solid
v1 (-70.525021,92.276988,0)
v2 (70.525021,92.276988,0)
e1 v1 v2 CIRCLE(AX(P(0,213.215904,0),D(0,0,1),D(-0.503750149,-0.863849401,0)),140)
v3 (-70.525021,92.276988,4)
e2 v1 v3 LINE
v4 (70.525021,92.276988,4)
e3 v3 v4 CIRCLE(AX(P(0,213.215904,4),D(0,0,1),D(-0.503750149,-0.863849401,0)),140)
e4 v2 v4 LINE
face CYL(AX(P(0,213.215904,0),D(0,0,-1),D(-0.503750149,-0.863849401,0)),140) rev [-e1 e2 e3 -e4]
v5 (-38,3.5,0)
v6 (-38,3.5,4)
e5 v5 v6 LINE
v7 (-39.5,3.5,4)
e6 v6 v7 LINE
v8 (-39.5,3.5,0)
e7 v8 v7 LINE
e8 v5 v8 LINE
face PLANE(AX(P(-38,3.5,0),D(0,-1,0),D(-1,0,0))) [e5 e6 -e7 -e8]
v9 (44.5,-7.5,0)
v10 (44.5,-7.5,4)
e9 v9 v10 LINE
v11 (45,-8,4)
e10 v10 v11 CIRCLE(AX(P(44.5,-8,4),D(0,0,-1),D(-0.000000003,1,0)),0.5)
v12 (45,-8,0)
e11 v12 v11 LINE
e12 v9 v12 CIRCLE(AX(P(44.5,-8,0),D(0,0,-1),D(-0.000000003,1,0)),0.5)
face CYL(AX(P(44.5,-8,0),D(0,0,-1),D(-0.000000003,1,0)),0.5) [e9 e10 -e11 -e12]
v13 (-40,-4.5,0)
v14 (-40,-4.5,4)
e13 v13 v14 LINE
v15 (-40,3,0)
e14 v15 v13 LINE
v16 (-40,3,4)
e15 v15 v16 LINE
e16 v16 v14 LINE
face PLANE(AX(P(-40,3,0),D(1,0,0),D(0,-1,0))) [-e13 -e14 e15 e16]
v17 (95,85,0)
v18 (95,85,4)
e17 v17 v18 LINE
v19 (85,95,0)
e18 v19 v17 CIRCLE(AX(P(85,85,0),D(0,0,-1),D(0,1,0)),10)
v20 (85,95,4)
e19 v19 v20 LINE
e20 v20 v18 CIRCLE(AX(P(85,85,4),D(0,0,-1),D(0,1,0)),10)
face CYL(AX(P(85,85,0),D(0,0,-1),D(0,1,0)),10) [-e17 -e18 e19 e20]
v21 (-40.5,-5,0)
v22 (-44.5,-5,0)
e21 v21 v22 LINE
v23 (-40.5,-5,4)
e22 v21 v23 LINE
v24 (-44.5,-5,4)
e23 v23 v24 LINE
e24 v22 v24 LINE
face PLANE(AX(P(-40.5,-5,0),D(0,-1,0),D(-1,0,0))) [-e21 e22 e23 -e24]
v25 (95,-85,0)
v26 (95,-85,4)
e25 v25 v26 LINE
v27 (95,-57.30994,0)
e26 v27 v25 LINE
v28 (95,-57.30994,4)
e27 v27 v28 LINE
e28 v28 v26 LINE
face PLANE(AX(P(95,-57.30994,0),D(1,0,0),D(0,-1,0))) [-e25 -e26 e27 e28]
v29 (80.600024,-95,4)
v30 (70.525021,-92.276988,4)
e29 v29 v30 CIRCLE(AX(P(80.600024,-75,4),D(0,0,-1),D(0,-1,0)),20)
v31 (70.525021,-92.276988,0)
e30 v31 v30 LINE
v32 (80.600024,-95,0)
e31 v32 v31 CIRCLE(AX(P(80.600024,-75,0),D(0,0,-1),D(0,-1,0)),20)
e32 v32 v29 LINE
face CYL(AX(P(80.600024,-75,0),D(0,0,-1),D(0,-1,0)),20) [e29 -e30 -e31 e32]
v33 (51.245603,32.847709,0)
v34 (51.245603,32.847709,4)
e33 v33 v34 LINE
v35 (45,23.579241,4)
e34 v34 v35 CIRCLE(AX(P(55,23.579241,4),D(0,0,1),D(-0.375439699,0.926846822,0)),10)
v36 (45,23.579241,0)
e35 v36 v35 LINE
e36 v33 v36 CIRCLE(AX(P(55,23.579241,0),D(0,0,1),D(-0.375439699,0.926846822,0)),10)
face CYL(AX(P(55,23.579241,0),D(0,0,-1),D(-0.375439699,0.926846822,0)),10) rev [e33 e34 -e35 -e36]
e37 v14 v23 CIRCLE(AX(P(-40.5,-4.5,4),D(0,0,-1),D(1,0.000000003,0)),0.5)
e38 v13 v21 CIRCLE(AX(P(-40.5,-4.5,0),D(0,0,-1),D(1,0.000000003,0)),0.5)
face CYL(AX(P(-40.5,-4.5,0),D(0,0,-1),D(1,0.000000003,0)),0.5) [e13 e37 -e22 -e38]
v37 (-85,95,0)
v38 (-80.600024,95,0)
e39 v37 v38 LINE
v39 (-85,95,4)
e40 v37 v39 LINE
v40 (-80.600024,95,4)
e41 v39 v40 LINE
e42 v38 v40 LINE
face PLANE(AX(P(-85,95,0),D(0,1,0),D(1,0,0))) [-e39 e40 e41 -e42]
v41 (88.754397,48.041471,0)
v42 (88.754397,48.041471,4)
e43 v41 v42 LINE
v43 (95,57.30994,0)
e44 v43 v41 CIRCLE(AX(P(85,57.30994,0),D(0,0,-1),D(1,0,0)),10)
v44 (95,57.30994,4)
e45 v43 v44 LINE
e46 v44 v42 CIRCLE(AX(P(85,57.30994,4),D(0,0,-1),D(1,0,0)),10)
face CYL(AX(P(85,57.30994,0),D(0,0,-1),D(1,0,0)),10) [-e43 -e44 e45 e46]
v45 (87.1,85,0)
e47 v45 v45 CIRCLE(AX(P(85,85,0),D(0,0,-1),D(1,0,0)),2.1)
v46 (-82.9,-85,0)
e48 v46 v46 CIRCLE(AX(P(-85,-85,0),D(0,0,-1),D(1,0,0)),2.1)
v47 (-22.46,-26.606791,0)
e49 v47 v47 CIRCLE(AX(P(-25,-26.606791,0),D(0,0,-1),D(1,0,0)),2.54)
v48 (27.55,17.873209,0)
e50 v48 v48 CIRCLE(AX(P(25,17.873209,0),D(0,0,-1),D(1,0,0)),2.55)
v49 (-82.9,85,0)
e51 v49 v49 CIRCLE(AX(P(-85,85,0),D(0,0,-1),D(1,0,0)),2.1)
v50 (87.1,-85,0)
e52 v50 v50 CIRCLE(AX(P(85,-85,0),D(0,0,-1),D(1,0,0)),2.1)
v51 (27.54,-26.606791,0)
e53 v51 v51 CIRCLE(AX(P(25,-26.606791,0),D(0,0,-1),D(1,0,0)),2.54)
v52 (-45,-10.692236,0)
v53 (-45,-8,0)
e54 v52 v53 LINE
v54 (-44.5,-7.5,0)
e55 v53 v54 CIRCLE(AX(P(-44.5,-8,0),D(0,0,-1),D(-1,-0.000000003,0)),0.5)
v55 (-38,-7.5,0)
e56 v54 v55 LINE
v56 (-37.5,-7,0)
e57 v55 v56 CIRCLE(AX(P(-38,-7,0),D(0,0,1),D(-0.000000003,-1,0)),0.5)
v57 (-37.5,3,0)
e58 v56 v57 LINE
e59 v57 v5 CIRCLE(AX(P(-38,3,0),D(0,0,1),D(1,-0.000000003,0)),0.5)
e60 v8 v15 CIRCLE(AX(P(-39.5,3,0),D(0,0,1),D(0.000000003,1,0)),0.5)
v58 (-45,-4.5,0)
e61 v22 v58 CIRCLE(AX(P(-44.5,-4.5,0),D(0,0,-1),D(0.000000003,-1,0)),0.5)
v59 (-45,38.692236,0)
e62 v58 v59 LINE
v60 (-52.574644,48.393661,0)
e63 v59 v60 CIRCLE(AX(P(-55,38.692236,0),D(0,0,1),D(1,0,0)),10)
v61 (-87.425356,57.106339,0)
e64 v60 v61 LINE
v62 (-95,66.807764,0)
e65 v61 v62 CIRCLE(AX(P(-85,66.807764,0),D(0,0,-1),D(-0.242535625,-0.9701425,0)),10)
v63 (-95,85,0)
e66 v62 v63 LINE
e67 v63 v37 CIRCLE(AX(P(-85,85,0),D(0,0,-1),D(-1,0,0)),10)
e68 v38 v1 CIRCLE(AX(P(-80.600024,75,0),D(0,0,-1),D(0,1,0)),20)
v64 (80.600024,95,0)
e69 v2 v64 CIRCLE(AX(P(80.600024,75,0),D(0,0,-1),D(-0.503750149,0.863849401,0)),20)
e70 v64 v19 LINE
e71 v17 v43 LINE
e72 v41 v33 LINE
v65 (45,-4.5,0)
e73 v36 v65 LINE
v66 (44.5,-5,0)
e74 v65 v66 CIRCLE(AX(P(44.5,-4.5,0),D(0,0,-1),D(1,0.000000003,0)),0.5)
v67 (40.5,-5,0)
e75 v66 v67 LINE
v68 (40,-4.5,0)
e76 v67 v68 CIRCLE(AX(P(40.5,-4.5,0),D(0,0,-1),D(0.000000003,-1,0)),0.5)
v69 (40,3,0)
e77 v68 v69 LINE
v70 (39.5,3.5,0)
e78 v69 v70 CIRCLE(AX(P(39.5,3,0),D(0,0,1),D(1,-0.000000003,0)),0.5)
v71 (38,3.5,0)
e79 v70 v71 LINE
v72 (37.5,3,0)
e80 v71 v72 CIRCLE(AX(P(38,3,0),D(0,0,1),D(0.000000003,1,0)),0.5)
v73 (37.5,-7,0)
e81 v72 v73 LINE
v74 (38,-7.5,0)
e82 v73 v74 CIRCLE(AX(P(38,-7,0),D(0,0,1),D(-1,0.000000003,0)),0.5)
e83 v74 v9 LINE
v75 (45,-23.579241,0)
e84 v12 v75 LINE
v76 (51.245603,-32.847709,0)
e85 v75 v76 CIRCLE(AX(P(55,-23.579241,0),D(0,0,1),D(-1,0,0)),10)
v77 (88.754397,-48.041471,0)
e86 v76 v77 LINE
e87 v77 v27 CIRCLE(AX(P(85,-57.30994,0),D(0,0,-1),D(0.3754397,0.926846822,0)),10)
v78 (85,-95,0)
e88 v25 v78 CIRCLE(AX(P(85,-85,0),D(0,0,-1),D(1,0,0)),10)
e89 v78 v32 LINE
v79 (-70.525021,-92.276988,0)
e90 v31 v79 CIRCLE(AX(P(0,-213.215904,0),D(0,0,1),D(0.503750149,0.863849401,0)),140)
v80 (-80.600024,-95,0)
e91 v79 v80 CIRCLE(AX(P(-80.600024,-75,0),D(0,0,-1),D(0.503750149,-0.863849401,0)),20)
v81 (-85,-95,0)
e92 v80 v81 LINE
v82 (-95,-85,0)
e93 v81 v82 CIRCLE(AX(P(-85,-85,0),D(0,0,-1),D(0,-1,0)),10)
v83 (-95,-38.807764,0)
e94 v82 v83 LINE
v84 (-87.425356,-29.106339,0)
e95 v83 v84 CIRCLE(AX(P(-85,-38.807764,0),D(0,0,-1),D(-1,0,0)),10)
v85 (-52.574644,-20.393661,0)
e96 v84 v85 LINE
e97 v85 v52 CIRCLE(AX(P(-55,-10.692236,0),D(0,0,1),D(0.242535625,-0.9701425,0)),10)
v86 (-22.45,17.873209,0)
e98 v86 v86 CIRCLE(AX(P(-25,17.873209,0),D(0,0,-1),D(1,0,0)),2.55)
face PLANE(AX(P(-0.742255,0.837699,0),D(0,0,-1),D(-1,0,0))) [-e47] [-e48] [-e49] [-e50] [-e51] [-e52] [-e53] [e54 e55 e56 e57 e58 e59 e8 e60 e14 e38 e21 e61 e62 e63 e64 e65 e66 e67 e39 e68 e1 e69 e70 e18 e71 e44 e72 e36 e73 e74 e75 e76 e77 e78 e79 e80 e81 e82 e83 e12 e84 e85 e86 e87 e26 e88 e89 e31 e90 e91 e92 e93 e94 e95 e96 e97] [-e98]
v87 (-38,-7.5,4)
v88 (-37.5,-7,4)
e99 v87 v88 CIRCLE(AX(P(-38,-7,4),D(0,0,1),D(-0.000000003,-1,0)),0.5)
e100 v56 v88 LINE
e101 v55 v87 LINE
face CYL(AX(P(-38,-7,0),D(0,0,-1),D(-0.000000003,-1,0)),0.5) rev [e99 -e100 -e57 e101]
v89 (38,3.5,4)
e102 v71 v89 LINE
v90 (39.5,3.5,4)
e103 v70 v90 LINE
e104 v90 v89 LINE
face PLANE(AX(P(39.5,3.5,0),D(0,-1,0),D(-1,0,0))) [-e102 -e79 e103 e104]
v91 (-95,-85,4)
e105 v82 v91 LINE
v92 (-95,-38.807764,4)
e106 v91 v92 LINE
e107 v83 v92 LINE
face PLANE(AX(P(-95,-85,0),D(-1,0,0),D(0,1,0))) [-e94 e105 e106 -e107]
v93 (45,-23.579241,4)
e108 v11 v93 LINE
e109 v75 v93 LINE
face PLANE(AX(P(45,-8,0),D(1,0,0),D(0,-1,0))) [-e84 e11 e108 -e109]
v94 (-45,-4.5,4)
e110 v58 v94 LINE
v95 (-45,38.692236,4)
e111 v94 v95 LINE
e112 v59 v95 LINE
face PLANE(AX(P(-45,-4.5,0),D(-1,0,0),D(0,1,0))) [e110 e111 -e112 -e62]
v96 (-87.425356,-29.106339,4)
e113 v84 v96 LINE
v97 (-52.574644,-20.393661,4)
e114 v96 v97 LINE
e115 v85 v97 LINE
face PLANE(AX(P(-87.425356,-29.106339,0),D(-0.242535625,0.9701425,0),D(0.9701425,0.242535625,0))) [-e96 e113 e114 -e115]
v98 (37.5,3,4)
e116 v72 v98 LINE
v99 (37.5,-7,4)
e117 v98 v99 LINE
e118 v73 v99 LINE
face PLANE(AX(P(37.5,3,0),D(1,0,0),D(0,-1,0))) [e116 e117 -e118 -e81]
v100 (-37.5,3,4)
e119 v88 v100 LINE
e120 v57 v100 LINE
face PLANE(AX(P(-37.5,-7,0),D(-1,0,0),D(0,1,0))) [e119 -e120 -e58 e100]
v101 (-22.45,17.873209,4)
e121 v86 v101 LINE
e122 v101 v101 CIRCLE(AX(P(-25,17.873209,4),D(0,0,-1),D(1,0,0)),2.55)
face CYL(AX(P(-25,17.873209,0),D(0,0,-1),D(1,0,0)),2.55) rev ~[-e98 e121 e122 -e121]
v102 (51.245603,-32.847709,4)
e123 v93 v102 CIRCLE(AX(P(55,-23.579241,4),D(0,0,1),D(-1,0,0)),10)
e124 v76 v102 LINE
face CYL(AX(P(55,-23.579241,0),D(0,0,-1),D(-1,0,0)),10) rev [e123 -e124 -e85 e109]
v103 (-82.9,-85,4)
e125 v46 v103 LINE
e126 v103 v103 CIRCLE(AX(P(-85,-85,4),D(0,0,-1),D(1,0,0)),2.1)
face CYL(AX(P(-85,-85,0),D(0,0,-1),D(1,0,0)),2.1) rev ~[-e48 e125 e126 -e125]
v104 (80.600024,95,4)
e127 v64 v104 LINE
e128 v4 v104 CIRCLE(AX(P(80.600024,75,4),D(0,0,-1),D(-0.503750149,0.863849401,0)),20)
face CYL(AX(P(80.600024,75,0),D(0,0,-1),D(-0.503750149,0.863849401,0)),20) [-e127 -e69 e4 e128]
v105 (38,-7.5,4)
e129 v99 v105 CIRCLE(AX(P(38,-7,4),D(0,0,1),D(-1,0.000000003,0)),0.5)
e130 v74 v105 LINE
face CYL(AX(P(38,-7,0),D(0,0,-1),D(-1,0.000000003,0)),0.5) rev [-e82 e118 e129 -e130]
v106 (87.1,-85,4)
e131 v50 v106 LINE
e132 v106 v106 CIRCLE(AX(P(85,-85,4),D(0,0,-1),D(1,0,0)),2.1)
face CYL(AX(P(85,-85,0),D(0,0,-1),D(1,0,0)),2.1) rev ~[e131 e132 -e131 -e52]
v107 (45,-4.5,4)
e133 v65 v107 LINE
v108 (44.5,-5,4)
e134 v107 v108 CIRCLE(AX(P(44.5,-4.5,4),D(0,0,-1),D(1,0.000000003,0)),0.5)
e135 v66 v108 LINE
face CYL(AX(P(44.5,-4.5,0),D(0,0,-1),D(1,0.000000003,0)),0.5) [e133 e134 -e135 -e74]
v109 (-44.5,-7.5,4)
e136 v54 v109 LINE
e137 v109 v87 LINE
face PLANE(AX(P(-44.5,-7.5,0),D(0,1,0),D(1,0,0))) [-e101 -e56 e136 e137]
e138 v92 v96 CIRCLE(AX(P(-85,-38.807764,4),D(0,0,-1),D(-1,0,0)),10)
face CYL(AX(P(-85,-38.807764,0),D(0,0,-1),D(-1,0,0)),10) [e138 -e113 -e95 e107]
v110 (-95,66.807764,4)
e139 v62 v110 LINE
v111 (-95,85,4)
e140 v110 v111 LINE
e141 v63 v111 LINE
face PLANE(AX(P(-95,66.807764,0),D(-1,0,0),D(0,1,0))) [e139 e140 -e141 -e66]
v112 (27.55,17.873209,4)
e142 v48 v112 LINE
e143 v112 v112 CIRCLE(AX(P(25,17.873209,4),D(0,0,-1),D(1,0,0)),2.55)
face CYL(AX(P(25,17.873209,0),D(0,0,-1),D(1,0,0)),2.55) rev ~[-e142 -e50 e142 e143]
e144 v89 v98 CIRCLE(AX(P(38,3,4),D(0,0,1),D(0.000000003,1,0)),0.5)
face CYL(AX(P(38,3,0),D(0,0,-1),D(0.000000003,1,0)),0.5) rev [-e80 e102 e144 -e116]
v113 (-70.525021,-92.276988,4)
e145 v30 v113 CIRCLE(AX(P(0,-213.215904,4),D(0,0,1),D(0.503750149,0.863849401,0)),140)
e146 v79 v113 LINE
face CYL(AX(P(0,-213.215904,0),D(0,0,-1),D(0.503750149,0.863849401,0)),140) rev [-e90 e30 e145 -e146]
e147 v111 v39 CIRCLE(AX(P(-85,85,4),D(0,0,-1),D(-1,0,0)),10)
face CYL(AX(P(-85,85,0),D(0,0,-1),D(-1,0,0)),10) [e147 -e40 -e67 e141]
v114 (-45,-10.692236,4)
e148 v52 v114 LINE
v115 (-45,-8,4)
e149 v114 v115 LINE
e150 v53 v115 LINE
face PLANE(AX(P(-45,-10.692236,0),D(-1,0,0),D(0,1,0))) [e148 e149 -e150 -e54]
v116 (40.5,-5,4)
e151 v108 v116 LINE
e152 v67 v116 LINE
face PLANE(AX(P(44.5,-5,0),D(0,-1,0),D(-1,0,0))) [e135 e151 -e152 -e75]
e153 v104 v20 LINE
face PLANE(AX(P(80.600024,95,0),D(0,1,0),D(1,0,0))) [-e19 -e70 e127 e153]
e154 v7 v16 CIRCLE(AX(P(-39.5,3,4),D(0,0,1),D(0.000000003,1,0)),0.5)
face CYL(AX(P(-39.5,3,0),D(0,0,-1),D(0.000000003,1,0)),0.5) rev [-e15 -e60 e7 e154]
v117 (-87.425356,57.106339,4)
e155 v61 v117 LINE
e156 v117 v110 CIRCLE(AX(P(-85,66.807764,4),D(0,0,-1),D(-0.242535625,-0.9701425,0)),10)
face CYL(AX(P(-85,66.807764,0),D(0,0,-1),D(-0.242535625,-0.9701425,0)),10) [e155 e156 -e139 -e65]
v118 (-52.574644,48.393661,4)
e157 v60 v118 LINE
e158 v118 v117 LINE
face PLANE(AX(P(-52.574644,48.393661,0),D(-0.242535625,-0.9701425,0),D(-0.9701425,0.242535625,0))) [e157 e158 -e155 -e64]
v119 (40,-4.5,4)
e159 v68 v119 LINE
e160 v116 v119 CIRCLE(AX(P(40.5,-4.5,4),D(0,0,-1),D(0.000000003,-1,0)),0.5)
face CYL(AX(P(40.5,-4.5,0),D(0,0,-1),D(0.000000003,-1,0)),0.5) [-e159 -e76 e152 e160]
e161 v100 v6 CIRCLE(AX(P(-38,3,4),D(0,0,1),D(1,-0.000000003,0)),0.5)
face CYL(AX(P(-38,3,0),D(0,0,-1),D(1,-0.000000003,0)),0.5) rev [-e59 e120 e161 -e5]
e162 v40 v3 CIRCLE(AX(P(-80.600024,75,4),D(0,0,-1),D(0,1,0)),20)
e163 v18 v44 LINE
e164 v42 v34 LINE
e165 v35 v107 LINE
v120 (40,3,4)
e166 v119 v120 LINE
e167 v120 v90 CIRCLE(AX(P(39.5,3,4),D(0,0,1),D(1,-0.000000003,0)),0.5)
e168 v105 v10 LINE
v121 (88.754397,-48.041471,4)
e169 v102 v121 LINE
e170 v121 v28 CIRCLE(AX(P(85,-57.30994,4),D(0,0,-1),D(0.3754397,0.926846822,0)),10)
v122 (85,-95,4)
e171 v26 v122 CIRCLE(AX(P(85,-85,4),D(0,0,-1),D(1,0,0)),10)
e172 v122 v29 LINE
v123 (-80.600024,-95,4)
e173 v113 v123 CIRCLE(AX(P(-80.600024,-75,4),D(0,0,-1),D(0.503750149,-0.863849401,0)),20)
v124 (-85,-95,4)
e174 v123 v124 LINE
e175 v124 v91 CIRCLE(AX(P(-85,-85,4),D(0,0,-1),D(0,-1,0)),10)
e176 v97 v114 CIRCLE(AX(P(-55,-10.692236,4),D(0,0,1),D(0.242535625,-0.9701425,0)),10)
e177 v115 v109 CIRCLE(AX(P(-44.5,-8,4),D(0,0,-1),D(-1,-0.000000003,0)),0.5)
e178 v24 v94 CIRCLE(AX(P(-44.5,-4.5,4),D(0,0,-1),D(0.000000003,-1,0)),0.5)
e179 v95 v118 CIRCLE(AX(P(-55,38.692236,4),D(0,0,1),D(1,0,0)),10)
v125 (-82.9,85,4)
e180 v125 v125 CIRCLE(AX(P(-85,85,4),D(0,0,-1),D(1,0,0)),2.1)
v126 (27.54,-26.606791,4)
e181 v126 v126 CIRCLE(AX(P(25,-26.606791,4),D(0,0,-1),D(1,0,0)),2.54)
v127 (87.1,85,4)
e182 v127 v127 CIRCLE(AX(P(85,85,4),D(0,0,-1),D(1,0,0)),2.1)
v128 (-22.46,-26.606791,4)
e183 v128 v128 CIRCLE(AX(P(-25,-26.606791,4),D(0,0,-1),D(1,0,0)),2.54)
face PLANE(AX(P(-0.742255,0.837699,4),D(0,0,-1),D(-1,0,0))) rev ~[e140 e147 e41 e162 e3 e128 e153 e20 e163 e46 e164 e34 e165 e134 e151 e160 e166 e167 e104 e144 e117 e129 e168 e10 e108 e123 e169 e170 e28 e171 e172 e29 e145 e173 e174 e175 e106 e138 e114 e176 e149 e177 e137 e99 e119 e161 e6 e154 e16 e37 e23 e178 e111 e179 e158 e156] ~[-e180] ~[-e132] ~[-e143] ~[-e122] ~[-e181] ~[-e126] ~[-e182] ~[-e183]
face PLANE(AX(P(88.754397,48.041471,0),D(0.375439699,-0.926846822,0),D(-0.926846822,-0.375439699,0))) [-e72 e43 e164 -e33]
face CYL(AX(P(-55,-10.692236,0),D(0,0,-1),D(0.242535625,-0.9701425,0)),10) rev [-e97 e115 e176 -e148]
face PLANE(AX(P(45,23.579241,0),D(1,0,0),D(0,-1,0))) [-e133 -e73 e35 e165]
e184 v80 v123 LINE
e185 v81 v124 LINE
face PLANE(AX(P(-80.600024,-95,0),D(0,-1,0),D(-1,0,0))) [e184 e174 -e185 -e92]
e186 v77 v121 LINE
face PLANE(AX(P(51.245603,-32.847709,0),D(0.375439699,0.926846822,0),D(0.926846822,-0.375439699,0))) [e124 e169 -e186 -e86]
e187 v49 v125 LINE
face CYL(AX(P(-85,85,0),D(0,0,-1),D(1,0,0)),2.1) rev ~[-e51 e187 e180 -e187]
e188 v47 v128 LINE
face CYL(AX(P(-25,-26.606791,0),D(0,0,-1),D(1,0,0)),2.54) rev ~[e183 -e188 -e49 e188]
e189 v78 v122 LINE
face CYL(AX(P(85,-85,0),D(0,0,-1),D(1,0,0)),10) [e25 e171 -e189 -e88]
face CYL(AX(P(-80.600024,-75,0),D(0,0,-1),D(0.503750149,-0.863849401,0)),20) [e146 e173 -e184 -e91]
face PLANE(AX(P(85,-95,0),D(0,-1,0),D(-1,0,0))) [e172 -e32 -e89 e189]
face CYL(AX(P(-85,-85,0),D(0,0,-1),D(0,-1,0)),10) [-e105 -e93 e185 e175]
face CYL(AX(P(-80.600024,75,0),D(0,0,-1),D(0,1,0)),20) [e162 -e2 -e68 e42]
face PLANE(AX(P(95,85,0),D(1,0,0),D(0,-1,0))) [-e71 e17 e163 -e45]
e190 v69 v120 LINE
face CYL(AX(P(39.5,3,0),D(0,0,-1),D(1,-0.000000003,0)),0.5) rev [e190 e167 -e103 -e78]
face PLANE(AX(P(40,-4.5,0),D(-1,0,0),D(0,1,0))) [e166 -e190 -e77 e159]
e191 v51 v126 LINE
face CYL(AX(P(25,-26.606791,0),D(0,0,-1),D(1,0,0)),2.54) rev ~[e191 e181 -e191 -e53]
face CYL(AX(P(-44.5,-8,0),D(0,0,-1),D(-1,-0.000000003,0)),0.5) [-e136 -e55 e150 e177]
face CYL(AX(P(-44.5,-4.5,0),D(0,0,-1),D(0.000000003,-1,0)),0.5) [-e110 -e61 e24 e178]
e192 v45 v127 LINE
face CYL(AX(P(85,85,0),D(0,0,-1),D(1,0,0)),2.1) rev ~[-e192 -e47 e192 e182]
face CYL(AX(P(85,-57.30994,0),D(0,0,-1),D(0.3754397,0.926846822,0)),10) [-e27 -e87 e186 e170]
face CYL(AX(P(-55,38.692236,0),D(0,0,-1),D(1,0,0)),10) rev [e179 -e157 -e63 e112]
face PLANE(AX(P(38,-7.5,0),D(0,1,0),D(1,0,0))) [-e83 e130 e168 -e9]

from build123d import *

# Parameters (mm, degrees)
SKETCH1_R           = 2.1
SKETCH1_R_2         = 2.55
SKETCH1_R_3         = 2.54
BOSS_EXTRUDE1_DEPTH = 4


with BuildPart() as part:
    # Sketch1 → Boss-Extrude1 (new body)
    with BuildSketch(Plane(origin=(0, 0, 0), x_dir=(-1, 0, 0), z_dir=(0, 0, -1))):
        with BuildLine():
            Line((87.42535625, -29.106339063), (52.57464375, -20.393660937))
            ThreePointArc((52.57464375, -20.393660937), (47.11794562, -16.84635803), (45, -10.692235936))
            Line((45, -10.692235936), (45, -8))
            ThreePointArc((45, -8), (44.853553391, -7.646446609), (44.5, -7.5))
            Line((44.5, -7.5), (38, -7.5))
            ThreePointArc((38, -7.5), (37.646446609, -7.353553391), (37.5, -7))
            Line((37.5, -7), (37.5, 3))
            ThreePointArc((37.5, 3), (37.646446609, 3.353553391), (38, 3.5))
            Line((38, 3.5), (39.5, 3.5))
            ThreePointArc((39.5, 3.5), (39.853553391, 3.353553391), (40, 3))
            Line((40, 3), (40, -4.5))
            ThreePointArc((40, -4.5), (40.146446609, -4.853553391), (40.5, -5))
            Line((40.5, -5), (44.5, -5))
            ThreePointArc((44.5, -5), (44.853553391, -4.853553391), (45, -4.5))
            Line((45, -4.5), (45, 38.692235936))
            ThreePointArc((45, 38.692235936), (47.11794562, 44.84635803), (52.57464375, 48.393660937))
            Line((52.57464375, 48.393660937), (87.42535625, 57.106339063))
            ThreePointArc((87.42535625, 57.106339063), (92.88205438, 60.65364197), (95, 66.807764064))
            Line((95, 66.807764064), (95, 85))
            ThreePointArc((95, 85), (92.071067812, 92.071067812), (85, 95))
            Line((85, 95), (80.600023778, 95))
            ThreePointArc((80.600023778, 95), (75.38177505, 94.307249421), (70.525020806, 92.276988022))
            ThreePointArc((70.525020806, 92.276988022), (0, 73.215904175), (-70.525020806, 92.276988022))
            ThreePointArc((-70.525020806, 92.276988022), (-75.38177505, 94.307249421), (-80.600023778, 95))
            Line((-80.600023778, 95), (-85, 95))
            ThreePointArc((-85, 95), (-92.071067812, 92.071067812), (-95, 85))
            Line((-95, 85), (-95, 57.30993956))
            ThreePointArc((-95, 57.30993956), (-93.292887614, 51.721736358), (-88.754396995, 48.041471336))
            Line((-88.754396995, 48.041471336), (-51.245603005, 32.847708996))
            ThreePointArc((-51.245603005, 32.847708996), (-46.707112386, 29.167443975), (-45, 23.579240773))
            Line((-45, 23.579240773), (-45, -4.5))
            ThreePointArc((-45, -4.5), (-44.853553391, -4.853553391), (-44.5, -5))
            Line((-44.5, -5), (-40.5, -5))
            ThreePointArc((-40.5, -5), (-40.146446609, -4.853553391), (-40, -4.5))
            Line((-40, -4.5), (-40, 3))
            ThreePointArc((-40, 3), (-39.853553391, 3.353553391), (-39.5, 3.5))
            Line((-39.5, 3.5), (-38, 3.5))
            ThreePointArc((-38, 3.5), (-37.646446609, 3.353553391), (-37.5, 3))
            Line((-37.5, 3), (-37.5, -7))
            ThreePointArc((-37.5, -7), (-37.646446609, -7.353553391), (-38, -7.5))
            Line((-38, -7.5), (-44.5, -7.5))
            ThreePointArc((-44.5, -7.5), (-44.853553391, -7.646446609), (-45, -8))
            Line((-45, -8), (-45, -23.579240773))
            ThreePointArc((-45, -23.579240773), (-46.707112386, -29.167443975), (-51.245603005, -32.847708996))
            Line((-51.245603005, -32.847708996), (-88.754396995, -48.041471336))
            ThreePointArc((-88.754396995, -48.041471336), (-93.292887614, -51.721736358), (-95, -57.30993956))
            Line((-95, -57.30993956), (-95, -85))
            ThreePointArc((-95, -85), (-92.071067812, -92.071067812), (-85, -95))
            Line((-85, -95), (-80.600023778, -95))
            ThreePointArc((-80.600023778, -95), (-75.38177505, -94.307249421), (-70.525020806, -92.276988022))
            ThreePointArc((-70.525020806, -92.276988022), (0, -73.215904175), (70.525020806, -92.276988022))
            ThreePointArc((70.525020806, -92.276988022), (75.38177505, -94.307249421), (80.600023778, -95))
            Line((80.600023778, -95), (85, -95))
            ThreePointArc((85, -95), (92.071067812, -92.071067812), (95, -85))
            Line((95, -85), (95, -38.807764064))
            ThreePointArc((95, -38.807764064), (92.88205438, -32.65364197), (87.42535625, -29.106339063))
        make_face()
        with Locations(Location((-85, -85, 0), (0, 0, 180))):
            Circle(SKETCH1_R, mode=Mode.SUBTRACT)
        with Locations(Location((-85, 85, 0), (0, 0, 180))):
            Circle(SKETCH1_R, mode=Mode.SUBTRACT)
        with Locations(Location((85, 85, 0), (0, 0, 180))):
            Circle(SKETCH1_R, mode=Mode.SUBTRACT)
        with Locations(Location((85, -85, 0), (0, 0, 180))):
            Circle(SKETCH1_R, mode=Mode.SUBTRACT)
        with Locations(Location((25, 17.873209062, 0), (0, 0, 180))):
            Circle(SKETCH1_R_2, mode=Mode.SUBTRACT)
        with Locations(Location((25, -26.606790938, 0), (0, 0, 180))):
            Circle(SKETCH1_R_3, mode=Mode.SUBTRACT)
        with Locations(Location((-25, -26.606790938, 0), (0, 0, 180))):
            Circle(SKETCH1_R_3, mode=Mode.SUBTRACT)
        with Locations(Location((-25, 17.873209062, 0), (0, 0, 180))):
            Circle(SKETCH1_R_2, mode=Mode.SUBTRACT)
    extrude(amount=-BOSS_EXTRUDE1_DEPTH)


solid = part.part
